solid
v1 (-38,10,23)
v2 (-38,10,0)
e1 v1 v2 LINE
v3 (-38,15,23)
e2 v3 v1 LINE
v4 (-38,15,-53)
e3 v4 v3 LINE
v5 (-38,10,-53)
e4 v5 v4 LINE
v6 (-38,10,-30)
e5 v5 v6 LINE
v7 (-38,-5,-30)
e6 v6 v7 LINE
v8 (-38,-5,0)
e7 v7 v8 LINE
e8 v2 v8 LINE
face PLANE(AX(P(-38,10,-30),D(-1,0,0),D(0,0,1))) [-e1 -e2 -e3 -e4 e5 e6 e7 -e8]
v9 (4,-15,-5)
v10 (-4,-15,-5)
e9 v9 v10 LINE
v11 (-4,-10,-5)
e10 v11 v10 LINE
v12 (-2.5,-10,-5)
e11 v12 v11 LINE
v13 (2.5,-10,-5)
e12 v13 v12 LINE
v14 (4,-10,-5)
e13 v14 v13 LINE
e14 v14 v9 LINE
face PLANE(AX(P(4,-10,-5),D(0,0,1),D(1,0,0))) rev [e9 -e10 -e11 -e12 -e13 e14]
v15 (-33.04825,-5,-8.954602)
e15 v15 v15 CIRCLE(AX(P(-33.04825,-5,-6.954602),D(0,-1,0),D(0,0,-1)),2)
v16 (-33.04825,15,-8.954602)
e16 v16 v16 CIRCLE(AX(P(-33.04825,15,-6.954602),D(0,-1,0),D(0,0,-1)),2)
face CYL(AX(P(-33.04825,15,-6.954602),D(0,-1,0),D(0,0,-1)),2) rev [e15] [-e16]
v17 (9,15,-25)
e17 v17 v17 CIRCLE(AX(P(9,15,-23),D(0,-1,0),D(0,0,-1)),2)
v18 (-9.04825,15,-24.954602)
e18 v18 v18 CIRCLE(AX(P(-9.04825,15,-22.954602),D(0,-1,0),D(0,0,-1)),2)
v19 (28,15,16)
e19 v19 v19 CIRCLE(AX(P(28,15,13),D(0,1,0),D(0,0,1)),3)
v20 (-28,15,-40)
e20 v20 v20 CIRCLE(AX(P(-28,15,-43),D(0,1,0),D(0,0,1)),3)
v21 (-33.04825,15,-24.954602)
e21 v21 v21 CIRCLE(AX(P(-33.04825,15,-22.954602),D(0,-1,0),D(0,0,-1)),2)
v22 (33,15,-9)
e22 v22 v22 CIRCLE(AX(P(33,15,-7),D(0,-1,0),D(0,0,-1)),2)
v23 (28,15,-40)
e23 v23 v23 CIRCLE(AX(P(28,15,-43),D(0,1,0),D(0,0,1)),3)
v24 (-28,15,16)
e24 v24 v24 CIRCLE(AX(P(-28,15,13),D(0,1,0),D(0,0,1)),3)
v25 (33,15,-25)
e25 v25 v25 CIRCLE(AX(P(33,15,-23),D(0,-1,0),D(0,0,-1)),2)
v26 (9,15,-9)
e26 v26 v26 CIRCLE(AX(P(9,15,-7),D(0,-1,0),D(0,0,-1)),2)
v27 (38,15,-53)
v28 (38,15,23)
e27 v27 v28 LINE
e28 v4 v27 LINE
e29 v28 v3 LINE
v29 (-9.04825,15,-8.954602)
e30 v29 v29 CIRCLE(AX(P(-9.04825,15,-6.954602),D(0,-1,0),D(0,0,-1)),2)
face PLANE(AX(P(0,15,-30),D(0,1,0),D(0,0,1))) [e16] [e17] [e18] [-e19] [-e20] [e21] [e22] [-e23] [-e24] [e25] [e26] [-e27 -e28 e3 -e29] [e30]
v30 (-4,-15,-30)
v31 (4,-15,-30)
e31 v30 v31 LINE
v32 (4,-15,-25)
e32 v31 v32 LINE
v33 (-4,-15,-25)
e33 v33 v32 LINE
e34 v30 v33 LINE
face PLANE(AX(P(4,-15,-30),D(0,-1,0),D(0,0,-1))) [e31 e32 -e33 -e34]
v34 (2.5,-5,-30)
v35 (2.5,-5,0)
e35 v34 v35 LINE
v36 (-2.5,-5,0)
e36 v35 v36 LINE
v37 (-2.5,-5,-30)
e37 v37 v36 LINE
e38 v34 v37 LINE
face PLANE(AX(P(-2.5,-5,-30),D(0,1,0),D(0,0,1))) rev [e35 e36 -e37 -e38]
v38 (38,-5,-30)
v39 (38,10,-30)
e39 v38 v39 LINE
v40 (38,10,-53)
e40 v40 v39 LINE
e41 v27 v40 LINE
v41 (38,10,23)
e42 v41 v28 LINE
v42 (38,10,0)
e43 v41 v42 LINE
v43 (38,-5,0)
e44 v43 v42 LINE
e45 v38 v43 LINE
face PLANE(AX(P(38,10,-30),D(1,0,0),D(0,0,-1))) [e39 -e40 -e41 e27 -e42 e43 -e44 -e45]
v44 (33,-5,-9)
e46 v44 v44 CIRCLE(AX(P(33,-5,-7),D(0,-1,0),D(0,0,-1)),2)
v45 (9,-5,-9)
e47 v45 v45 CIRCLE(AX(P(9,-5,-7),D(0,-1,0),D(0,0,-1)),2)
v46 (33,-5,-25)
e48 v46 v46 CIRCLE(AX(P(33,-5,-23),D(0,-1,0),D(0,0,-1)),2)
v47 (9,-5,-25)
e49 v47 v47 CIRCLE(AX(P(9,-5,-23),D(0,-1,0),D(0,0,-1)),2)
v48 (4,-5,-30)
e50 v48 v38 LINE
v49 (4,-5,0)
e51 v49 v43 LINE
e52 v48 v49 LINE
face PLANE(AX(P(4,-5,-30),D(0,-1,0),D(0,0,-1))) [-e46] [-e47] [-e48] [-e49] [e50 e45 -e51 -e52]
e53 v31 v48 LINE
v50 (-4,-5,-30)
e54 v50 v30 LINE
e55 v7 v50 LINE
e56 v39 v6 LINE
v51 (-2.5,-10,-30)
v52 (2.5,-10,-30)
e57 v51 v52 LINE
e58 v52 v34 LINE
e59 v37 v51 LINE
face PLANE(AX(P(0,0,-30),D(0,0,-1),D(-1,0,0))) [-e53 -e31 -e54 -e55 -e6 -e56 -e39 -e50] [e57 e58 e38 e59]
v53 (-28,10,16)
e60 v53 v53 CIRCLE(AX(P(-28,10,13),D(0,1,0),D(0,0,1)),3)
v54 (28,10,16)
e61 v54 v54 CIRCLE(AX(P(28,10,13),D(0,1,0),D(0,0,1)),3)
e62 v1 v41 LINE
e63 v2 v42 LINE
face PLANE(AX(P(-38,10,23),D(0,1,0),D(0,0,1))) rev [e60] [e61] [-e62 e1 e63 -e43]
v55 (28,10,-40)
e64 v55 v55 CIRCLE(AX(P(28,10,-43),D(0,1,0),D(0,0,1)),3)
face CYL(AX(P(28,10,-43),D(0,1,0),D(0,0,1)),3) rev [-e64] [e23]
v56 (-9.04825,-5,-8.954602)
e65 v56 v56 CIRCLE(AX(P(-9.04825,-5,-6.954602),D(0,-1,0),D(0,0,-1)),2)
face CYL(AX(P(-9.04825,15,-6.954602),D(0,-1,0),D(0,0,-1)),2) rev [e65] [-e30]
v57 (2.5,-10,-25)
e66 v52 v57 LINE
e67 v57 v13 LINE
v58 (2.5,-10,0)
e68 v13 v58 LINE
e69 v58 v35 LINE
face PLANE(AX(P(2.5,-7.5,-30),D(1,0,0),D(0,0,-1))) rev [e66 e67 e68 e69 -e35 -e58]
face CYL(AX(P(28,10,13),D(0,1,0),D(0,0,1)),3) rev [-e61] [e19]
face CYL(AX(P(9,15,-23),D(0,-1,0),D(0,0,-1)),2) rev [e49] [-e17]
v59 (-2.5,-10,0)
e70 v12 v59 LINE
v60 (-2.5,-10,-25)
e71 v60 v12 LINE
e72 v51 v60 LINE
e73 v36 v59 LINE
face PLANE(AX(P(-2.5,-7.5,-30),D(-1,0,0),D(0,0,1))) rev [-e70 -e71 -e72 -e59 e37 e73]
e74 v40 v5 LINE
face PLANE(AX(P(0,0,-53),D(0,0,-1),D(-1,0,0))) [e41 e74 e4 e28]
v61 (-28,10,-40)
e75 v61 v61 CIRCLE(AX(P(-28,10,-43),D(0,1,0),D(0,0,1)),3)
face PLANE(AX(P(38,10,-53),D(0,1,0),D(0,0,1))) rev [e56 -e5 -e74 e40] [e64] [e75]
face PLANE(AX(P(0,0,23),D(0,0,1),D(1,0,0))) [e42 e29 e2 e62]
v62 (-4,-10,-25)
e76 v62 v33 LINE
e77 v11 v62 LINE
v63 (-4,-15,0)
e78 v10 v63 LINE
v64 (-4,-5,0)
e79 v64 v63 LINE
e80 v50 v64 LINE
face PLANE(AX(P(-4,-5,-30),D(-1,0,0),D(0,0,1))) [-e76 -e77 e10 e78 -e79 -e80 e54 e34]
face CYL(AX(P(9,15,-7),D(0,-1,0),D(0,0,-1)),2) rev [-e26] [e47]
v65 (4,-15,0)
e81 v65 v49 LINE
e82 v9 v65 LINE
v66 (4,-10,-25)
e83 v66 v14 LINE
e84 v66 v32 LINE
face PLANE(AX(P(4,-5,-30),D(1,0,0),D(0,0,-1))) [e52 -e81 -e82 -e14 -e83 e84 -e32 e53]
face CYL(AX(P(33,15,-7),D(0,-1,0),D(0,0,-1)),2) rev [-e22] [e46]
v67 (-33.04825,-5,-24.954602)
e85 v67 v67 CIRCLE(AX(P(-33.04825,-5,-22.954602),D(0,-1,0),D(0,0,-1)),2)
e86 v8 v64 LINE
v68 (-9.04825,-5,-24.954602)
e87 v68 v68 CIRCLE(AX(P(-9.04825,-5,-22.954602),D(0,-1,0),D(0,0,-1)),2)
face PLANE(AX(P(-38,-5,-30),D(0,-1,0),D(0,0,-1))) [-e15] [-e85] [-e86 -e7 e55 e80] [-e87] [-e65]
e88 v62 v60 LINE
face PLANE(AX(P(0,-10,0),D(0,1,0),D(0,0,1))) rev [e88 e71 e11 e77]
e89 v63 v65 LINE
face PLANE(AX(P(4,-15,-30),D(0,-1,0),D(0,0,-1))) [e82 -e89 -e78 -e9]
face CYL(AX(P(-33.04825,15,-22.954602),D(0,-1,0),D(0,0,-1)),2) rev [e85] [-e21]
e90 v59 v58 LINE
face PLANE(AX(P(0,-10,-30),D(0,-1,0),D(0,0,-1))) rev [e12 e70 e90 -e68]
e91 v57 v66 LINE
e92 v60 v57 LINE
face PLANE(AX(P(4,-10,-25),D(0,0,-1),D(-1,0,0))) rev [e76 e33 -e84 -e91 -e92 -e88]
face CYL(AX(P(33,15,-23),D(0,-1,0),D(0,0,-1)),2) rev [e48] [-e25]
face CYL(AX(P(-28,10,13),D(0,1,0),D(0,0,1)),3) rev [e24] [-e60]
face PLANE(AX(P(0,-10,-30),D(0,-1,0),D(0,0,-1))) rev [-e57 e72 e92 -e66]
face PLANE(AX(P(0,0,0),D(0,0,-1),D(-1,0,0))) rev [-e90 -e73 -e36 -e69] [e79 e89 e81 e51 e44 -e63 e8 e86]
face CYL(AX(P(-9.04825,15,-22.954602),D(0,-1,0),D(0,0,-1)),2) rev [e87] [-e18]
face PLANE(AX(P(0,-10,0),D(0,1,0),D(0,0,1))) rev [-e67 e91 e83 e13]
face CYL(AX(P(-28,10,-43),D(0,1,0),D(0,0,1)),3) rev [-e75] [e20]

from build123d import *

# Parameters (mm, degrees)
BOSS_EXTRUDE1_DEPTH = 30
SKETCH2_W           = 76
SKETCH2_H           = 5
BOSS_EXTRUDE2_DEPTH = 23
SKETCH3_W           = 76
SKETCH3_H           = 5
BOSS_EXTRUDE3_DEPTH = 23
SKETCH4_W           = 8
SKETCH4_H           = 20
CUT_EXTRUDE1_DEPTH  = 5
SKETCH5_R           = 2
CUT_EXTRUDE2_DEPTH  = 20
SKETCH6_R           = 3
CUT_EXTRUDE3_DEPTH  = 5


with BuildPart() as part:
    # Sketch1 → Boss-Extrude1 (new body)
    with BuildSketch(Plane.XY):
        Polygon((0, 15), (38, 15), (38, 10), (38, -5), (4, -5), (4, -15), (0, -15), (-4, -15), (-4, -5), (-38, -5), (-38, 10), (-38, 15), align=None)
        Polygon((-2.5, -5), (2.5, -5), (2.5, -7.5), (2.5, -10), (0, -10), (-2.5, -10), (-2.5, -7.5), align=None, mode=Mode.SUBTRACT)
    extrude(amount=-BOSS_EXTRUDE1_DEPTH)

    # Sketch2 → Boss-Extrude2 (add)
    with BuildSketch(Plane.XY):
        with Locations((0, 12.5)):
            Rectangle(SKETCH2_W, SKETCH2_H)
    extrude(amount=BOSS_EXTRUDE2_DEPTH)

    # Sketch3 → Boss-Extrude3 (add)
    with BuildSketch(Plane(origin=(0, 0, -30), x_dir=(-1, 0, 0), z_dir=(0, 0, -1))):
        with Locations((0, 12.5)):
            Rectangle(SKETCH3_W, SKETCH3_H)
    extrude(amount=BOSS_EXTRUDE3_DEPTH)

    # Sketch4 → Cut-Extrude1 (cut)
    with BuildSketch(Plane(origin=(0, -15, 0), x_dir=(-1, 0, 0), z_dir=(0, -1, 0))):
        with Locations((0, 15)):
            Rectangle(SKETCH4_W, SKETCH4_H)
    extrude(amount=-CUT_EXTRUDE1_DEPTH, mode=Mode.SUBTRACT)

    # Sketch5 → Cut-Extrude2 (cut)
    with BuildSketch(Plane(origin=(0, -5, 0), x_dir=(-1, 0, 0), z_dir=(0, -1, 0))):
        with Locations(Location((33.048249635, 6.95460219, 0), (0, 0, 90))):
            Circle(SKETCH5_R)
        with Locations(Location((9.048249635, 6.95460219, 0), (0, 0, 90))):
            Circle(SKETCH5_R)
        with Locations(Location((33.048249635, 22.95460219, 0), (0, 0, 90))):
            Circle(SKETCH5_R)
        with Locations(Location((9.048249635, 22.95460219, 0), (0, 0, 90))):
            Circle(SKETCH5_R)
        with Locations(Location((-9, 7, 0), (0, 0, 90))):
            Circle(SKETCH5_R)
        with Locations(Location((-33, 7, 0), (0, 0, 90))):
            Circle(SKETCH5_R)
        with Locations(Location((-33, 23, 0), (0, 0, 90))):
            Circle(SKETCH5_R)
        with Locations(Location((-9, 23, 0), (0, 0, 90))):
            Circle(SKETCH5_R)
    extrude(amount=-CUT_EXTRUDE2_DEPTH, mode=Mode.SUBTRACT)

    # Sketch6 → Cut-Extrude3 (cut)
    with BuildSketch(Plane(origin=(0, 15, 0), x_dir=(1, 0, 0), z_dir=(0, 1, 0))):
        with Locations(Location((28, -13, 0), (0, 0, 270))):
            Circle(SKETCH6_R)
        with Locations(Location((-28, -13, 0), (0, 0, 270))):
            Circle(SKETCH6_R)
        with Locations(Location((-28, 43, 0), (0, 0, 270))):
            Circle(SKETCH6_R)
        with Locations(Location((28, 43, 0), (0, 0, 270))):
            Circle(SKETCH6_R)
    extrude(amount=-CUT_EXTRUDE3_DEPTH, mode=Mode.SUBTRACT)


solid = part.part
